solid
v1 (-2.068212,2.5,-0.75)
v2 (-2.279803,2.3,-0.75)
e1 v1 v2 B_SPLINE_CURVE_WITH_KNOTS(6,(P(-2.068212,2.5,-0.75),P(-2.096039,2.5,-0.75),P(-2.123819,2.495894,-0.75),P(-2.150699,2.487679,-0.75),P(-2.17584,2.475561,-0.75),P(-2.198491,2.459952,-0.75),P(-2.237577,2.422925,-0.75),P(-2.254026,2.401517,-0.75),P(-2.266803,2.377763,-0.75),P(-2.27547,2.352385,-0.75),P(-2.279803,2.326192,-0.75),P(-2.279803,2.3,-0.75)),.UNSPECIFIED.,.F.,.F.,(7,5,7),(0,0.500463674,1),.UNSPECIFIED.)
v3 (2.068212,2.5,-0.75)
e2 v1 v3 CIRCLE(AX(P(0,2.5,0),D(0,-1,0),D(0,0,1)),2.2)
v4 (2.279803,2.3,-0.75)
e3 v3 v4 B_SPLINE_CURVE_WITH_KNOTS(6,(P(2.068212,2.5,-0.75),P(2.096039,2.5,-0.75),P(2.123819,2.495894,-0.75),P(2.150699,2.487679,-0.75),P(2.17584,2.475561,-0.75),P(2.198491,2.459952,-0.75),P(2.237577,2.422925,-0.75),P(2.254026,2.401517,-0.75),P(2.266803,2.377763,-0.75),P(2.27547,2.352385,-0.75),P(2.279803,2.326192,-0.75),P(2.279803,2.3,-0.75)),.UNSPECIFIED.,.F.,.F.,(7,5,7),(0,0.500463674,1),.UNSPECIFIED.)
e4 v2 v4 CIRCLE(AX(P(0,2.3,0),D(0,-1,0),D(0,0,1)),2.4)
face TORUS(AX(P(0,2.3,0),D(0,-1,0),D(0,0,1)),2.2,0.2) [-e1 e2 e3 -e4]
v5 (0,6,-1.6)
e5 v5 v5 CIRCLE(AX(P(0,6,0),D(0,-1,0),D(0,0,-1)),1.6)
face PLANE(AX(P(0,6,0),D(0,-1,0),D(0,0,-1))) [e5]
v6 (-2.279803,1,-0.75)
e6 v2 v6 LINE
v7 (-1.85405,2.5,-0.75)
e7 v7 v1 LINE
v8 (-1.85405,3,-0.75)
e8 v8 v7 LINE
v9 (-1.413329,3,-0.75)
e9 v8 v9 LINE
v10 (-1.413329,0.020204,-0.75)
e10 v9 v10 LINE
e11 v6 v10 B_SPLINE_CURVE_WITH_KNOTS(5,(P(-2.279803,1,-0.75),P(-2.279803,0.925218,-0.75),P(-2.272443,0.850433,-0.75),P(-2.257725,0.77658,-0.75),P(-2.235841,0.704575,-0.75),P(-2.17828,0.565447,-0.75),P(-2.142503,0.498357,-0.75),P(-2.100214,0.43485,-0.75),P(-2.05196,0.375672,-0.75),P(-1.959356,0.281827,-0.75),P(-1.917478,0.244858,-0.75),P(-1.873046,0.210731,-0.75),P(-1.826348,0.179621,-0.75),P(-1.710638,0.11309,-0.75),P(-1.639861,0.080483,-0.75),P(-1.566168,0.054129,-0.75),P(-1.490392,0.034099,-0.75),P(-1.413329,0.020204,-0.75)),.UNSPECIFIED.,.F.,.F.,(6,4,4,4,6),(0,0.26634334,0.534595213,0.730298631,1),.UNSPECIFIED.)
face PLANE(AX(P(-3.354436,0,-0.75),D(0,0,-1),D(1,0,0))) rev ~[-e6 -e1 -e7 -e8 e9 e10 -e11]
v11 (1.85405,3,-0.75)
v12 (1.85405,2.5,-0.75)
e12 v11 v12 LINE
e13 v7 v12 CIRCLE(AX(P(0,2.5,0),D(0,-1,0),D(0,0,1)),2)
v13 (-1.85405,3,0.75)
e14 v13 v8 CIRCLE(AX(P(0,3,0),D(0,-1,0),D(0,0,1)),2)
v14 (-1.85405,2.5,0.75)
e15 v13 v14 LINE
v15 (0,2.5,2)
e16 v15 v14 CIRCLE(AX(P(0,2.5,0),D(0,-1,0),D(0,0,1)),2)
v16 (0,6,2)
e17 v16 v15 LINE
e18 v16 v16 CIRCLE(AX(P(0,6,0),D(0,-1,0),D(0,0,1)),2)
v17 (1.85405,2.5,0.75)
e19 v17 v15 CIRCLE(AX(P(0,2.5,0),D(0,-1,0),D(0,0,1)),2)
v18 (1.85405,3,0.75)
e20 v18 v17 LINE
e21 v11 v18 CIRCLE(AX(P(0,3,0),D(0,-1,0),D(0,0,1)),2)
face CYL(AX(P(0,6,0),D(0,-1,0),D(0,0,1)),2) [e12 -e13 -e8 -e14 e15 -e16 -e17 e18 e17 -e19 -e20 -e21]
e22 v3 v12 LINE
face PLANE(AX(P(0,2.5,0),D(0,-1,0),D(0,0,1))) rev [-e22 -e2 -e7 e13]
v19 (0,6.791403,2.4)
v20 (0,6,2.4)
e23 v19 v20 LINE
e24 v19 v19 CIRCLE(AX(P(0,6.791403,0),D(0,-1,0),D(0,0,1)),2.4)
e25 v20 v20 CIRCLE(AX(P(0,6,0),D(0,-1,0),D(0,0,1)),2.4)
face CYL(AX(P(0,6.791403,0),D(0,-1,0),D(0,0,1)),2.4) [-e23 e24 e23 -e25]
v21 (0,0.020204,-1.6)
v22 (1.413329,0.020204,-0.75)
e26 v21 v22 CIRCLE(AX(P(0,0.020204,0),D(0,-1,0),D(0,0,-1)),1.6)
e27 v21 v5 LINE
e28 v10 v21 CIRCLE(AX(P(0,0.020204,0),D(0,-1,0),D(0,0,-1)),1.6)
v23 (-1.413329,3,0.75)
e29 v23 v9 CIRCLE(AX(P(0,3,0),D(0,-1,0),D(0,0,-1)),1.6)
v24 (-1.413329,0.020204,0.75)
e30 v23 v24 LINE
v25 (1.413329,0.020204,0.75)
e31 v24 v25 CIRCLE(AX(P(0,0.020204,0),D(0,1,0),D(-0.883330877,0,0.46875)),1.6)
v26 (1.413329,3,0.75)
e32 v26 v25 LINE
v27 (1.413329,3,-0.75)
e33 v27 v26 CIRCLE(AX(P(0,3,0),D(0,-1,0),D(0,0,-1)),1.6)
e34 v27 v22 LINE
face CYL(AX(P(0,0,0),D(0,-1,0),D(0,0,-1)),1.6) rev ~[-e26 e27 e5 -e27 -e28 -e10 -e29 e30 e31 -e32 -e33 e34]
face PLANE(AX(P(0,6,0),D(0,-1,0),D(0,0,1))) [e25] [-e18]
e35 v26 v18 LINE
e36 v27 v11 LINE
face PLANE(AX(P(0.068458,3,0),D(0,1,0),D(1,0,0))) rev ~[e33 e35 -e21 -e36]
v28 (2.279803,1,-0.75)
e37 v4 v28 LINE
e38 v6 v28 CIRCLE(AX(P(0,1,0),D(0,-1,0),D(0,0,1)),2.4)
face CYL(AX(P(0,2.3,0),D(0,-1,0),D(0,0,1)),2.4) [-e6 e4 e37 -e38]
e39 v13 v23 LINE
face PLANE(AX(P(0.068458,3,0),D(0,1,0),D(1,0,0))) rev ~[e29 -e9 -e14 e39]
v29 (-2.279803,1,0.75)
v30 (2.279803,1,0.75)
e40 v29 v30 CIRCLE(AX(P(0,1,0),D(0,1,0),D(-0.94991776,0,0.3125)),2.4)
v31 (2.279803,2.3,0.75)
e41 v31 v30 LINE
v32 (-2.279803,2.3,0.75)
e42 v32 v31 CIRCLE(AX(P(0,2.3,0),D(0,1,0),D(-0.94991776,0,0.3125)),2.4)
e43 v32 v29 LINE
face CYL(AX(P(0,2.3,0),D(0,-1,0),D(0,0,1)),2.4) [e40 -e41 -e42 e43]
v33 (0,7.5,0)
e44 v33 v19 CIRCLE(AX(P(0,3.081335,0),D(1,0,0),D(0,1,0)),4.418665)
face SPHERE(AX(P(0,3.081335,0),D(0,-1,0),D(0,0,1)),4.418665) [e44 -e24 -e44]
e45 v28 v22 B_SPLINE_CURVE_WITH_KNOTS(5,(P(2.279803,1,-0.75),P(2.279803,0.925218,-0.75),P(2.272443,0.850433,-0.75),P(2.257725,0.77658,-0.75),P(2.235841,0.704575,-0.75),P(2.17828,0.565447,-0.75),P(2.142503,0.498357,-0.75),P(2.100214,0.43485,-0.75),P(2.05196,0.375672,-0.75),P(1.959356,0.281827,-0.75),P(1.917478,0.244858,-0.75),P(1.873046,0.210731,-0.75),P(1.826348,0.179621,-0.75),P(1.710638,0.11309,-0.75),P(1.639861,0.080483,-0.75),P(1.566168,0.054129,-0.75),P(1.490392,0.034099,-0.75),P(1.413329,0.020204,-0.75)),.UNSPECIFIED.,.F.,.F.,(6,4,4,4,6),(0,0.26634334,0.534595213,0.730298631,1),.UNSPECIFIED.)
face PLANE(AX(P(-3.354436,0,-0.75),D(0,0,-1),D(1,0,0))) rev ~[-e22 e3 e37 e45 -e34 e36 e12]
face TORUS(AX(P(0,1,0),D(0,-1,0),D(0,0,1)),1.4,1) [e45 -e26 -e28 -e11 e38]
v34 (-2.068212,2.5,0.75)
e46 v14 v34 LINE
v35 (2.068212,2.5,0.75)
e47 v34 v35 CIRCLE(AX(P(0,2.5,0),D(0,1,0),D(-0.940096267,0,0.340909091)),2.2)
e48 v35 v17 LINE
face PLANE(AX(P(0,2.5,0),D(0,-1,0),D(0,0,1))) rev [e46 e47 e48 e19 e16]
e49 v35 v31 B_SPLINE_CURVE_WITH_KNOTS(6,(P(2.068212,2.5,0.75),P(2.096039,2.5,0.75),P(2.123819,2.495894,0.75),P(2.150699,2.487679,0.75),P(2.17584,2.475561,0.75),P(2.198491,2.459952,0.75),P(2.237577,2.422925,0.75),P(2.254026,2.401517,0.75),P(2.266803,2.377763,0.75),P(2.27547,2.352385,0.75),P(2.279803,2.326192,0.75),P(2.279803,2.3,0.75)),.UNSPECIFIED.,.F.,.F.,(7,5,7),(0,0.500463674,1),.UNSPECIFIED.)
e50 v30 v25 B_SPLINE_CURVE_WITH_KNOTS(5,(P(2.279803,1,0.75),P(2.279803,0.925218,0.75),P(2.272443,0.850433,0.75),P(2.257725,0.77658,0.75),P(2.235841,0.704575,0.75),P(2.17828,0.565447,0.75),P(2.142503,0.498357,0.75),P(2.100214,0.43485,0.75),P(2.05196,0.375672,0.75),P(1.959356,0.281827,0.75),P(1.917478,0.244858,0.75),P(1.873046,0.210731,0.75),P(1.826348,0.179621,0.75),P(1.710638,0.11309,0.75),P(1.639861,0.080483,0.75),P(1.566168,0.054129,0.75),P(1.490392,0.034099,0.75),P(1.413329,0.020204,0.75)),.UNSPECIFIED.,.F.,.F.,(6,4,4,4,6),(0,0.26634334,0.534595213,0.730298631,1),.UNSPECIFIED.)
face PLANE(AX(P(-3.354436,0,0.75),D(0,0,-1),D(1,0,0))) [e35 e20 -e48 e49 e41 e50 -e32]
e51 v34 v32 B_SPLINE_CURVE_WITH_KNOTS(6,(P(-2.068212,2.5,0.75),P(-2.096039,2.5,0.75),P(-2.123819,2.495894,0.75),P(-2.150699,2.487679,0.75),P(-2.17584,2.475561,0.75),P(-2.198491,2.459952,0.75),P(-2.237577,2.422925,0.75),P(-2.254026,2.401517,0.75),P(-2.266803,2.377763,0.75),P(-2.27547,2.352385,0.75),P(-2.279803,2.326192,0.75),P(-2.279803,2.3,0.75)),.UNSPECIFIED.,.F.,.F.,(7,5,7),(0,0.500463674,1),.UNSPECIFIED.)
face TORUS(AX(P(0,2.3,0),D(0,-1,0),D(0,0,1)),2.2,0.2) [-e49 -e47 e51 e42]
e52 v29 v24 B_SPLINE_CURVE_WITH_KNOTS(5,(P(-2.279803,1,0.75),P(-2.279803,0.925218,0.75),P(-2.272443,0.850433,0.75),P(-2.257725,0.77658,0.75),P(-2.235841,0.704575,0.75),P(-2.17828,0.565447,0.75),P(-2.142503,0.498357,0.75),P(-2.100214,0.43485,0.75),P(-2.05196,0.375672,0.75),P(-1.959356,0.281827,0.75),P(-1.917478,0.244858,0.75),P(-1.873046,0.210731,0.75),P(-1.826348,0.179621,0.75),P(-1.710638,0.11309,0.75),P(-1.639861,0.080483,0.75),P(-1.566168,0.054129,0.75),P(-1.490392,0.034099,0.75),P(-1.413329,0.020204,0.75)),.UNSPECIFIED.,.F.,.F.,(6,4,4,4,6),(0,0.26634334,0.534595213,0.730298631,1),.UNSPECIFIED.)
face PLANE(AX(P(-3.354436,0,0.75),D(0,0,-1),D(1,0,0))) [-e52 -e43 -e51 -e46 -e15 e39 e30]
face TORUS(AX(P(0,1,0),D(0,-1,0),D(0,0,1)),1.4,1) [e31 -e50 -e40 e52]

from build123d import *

# Parameters (mm, degrees)
SKETCH_4_R          = 1.6
CUT_EXTRUDE_1_DEPTH = 6
SKETCH_5_W          = 6.845786851
SKETCH_5_H          = 1.5
CUT_EXTRUDE_3_DEPTH = 3


with BuildPart() as part:
    # 草图3 → 旋转1 (revolve)
    with BuildSketch(Plane(origin=(0, 0, 0), x_dir=(0, 0, -1), z_dir=(1, 0, 0)), mode=Mode.PRIVATE) as revolve_1_sk:
        with BuildLine():
            Line((2.4, 6.791402502), (2.4, 6))
            Line((2.4, 6), (2, 6))
            Line((2, 6), (2, 2.5))
            Line((2, 2.5), (2.2, 2.5))
            ThreePointArc((2.2, 2.5), (2.341421356, 2.441421356), (2.4, 2.3))
            Line((2.4, 2.3), (2.4, 1))
            ThreePointArc((2.4, 1), (2.107106781, 0.292893219), (1.4, 0))
            Line((1.4, 0), (0, 0))
            Line((0, 0), (0, 7.5))
            ThreePointArc((0, 7.5), (1.251210455, 7.319149638), (2.4, 6.791402502))
        make_face()
    revolve(revolve_1_sk.sketch.rotate(Axis((0, 28.211895781, 0), (0, -1, 0)), 180), axis=Axis((0, 28.211895781, 0), (0, -1, 0)))

    # 草图4 → 切除-拉伸1 (cut)
    with BuildSketch(Plane.XZ):
        with Locations(Location((0, 0, 0), (0, 0, 270))):
            Circle(SKETCH_4_R)
    extrude(amount=-CUT_EXTRUDE_1_DEPTH, mode=Mode.SUBTRACT)

    # 草图5 → 切除-拉伸3 (cut)
    with BuildSketch(Plane(origin=(0, 0, 0), x_dir=(1, 0, 0), z_dir=(0, 1, 0))):
        with Locations((0.068457868, 0)):
            Rectangle(SKETCH_5_W, SKETCH_5_H)
    extrude(amount=CUT_EXTRUDE_3_DEPTH, mode=Mode.SUBTRACT)


solid = part.part
